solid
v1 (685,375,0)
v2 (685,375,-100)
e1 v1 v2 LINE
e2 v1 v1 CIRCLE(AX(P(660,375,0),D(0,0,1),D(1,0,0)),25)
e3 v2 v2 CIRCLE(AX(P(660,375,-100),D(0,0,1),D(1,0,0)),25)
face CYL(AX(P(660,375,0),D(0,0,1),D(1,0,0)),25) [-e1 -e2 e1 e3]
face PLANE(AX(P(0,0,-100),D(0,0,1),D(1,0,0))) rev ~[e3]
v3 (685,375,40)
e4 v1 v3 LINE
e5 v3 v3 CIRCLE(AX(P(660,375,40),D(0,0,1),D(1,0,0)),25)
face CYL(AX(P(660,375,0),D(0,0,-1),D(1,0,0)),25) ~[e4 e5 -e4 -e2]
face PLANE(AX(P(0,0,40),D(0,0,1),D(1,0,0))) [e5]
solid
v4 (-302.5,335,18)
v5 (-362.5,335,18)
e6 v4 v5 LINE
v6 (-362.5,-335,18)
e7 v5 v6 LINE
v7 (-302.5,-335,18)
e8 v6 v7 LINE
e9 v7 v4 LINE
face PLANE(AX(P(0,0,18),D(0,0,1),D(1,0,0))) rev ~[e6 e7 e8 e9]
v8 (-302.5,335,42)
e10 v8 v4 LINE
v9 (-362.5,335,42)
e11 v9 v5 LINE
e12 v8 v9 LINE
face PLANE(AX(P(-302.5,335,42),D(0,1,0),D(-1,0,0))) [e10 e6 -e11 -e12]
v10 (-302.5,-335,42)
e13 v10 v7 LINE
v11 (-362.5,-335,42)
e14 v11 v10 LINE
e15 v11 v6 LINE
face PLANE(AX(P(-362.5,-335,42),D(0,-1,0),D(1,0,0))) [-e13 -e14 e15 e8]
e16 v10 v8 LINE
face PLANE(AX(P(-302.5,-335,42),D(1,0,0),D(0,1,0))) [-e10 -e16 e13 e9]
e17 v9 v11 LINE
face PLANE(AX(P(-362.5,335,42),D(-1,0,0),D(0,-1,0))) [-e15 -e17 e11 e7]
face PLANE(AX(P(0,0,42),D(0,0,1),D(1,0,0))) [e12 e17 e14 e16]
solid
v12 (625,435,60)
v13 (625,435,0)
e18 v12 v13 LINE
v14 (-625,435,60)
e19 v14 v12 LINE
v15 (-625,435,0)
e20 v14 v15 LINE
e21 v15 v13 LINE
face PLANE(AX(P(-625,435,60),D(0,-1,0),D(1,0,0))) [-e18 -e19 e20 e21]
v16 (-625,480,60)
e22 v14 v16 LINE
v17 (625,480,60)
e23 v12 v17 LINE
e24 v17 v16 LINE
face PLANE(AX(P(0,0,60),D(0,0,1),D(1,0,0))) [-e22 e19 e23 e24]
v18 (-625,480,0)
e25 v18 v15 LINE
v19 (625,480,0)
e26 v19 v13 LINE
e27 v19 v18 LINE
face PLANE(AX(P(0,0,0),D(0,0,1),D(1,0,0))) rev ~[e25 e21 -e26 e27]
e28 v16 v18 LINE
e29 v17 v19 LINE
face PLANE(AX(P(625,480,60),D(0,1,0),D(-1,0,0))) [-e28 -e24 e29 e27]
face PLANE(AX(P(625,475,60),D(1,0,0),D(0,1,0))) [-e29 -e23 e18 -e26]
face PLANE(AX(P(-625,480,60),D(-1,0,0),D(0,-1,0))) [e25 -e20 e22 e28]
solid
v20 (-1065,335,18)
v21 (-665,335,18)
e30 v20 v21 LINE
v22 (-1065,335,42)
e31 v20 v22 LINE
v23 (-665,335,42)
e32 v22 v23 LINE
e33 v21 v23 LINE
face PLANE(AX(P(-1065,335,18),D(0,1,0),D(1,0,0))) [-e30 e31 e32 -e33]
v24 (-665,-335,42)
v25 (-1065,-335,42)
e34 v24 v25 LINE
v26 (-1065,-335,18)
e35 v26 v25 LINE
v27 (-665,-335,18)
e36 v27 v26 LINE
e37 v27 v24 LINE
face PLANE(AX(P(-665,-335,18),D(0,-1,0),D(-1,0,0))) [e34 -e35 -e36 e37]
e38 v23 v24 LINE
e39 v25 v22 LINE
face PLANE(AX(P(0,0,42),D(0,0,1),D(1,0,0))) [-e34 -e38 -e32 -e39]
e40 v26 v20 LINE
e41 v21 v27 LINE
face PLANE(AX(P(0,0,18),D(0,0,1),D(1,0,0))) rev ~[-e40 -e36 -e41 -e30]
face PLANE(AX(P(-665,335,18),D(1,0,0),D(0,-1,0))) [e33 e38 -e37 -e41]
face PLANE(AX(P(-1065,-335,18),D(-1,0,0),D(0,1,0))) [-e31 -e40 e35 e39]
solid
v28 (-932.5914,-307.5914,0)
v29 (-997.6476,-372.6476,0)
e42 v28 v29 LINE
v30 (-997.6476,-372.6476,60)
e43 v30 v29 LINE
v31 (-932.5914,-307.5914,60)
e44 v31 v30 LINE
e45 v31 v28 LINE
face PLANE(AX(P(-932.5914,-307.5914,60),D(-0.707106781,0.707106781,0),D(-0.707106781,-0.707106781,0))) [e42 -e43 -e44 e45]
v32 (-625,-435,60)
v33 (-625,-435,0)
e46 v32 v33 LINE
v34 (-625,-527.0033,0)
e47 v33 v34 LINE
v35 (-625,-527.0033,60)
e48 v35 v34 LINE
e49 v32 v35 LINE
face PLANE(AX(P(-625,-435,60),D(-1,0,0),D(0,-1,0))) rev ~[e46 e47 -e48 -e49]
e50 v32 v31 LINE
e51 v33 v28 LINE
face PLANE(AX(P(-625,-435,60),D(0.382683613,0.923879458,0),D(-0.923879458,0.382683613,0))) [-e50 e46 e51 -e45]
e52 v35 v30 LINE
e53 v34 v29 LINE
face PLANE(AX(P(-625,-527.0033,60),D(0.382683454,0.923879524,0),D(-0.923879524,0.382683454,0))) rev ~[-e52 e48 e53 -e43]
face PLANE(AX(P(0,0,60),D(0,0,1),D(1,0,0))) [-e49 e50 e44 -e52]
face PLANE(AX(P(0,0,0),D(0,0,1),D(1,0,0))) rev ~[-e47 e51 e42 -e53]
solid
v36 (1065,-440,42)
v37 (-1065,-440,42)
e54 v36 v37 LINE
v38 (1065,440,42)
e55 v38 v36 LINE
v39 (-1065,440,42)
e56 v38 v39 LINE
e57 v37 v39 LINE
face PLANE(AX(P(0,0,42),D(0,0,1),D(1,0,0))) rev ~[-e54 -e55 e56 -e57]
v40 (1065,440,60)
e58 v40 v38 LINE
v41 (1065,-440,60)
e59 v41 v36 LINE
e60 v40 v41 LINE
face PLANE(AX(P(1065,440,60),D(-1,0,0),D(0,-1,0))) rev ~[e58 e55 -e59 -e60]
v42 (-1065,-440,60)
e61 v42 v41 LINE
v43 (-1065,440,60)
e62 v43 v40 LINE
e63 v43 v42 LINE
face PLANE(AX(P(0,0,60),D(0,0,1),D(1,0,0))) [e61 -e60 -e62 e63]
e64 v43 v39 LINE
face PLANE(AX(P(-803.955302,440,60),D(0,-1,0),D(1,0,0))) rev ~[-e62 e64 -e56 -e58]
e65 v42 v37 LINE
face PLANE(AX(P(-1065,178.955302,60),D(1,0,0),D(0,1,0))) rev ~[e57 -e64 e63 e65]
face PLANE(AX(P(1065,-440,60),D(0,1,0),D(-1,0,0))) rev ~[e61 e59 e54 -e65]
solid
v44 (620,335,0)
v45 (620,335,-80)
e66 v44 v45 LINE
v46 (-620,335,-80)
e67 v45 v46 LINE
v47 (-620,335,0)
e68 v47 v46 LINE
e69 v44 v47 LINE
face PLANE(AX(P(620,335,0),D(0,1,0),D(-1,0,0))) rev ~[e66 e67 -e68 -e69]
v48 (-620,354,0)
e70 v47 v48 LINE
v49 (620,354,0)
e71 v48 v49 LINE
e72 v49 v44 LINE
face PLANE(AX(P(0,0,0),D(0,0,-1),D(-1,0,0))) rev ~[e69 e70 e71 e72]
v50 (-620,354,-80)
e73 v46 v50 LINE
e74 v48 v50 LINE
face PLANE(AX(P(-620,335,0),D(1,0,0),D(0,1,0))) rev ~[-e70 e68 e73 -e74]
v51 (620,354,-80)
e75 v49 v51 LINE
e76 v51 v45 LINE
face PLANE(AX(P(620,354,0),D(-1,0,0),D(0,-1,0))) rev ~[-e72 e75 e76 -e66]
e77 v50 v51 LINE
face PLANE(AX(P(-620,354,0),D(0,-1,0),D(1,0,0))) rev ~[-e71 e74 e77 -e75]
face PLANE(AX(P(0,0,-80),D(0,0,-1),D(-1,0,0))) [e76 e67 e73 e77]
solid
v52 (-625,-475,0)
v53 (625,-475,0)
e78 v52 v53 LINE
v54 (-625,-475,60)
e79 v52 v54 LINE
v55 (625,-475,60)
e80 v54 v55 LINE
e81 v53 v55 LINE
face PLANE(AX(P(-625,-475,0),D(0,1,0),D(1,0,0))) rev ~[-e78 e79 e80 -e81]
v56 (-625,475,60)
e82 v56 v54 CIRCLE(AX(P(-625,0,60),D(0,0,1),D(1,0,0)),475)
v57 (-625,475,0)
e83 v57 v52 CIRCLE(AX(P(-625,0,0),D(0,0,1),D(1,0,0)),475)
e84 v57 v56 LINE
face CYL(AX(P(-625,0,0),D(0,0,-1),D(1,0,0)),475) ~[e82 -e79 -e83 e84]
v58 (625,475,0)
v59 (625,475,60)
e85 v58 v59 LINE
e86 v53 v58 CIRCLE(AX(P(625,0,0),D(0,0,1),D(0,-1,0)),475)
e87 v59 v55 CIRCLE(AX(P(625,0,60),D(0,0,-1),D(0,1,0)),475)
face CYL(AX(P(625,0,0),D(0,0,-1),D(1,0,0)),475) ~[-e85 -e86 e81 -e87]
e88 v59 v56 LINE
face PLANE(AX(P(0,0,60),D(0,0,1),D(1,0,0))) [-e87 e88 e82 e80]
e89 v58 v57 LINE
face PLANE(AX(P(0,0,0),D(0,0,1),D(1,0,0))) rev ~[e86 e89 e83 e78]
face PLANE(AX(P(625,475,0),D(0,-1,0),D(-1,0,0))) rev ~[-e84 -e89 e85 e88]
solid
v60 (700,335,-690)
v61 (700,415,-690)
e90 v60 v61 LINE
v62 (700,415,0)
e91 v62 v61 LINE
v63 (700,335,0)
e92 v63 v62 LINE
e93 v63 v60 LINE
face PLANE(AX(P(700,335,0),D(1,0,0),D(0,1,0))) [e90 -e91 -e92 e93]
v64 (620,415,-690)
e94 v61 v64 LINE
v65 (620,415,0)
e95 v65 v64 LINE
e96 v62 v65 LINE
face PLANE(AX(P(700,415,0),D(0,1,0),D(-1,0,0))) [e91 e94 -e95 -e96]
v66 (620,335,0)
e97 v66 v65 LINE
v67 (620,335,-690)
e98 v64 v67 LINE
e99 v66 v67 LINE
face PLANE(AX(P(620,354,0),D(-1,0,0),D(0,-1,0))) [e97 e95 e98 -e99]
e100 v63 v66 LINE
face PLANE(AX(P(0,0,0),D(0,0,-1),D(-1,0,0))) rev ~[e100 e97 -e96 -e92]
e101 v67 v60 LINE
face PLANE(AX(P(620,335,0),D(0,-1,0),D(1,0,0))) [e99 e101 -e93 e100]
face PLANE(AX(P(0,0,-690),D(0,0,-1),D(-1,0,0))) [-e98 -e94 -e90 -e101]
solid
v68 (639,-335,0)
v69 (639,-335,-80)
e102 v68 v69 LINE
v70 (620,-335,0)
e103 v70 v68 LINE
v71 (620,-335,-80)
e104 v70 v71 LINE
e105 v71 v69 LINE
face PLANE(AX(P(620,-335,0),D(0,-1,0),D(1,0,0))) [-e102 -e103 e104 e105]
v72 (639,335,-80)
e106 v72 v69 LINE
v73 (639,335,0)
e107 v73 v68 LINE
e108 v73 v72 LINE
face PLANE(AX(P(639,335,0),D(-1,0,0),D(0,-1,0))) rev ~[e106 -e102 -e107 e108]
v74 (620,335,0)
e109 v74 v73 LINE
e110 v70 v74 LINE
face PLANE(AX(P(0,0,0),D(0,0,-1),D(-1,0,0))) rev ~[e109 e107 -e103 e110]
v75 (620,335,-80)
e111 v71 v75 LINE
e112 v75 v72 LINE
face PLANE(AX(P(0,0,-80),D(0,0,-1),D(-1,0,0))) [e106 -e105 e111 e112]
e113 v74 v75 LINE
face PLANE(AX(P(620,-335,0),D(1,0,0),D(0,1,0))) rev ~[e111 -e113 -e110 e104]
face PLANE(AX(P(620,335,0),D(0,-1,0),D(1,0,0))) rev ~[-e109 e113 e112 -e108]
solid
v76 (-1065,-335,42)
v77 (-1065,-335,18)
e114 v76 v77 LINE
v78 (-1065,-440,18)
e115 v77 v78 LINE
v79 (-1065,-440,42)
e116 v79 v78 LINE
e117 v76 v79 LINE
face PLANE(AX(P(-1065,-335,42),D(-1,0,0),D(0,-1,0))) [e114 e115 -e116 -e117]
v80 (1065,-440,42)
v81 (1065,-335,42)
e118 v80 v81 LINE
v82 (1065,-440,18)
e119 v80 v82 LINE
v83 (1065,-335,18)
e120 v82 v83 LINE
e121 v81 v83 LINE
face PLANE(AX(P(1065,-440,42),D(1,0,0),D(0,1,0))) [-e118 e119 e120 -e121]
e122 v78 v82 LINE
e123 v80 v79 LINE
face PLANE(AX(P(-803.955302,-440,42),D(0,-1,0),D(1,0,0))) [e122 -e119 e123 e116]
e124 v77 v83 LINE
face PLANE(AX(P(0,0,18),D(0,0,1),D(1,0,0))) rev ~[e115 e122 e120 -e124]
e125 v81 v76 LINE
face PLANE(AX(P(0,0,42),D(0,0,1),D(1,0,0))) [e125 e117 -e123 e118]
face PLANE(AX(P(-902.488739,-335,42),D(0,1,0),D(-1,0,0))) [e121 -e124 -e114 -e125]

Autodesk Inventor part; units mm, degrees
ref_plane "YZ Plane" through (0, 0, 0) normal (1, 0, 0) x (0, 1, 0)
ref_plane "XZ Plane" through (0, 0, 0) normal (0, 1, 0) x (-1, 0, 0)
ref_plane "XY Plane" through (0, 0, 0) normal (0, 0, 1) x (1, 0, 0)
sketch "Sketch33" plane through (0, 0, 0) normal (0, 0, 1) x (1, 0, 0)
  line L0 (625, 475) -> (-625, 475)
  line L1 (-625, 475) -> (-625, -475)
  line L2 (-625, -475) -> (625, -475)
  line L3 (625, -475) -> (625, 475)
  circle A0 centre (-625, 0) radius 475
  circle A1 centre (625, 0) radius 475
  line L4 (-1100, 475) -> (1100, 475) construction
  line L5 (1100, 475) -> (1100, -475) construction
  line L6 (1100, -475) -> (-1100, -475) construction
  line L7 (-1100, -475) -> (-1100, 475) construction
  point P0 (0, 0)
  point P1 (0, 475)
  dimension "d88" = 2200
  dimension "d89" = 950
extrude "Extrusion8" add sketch "Sketch33" along normal blind 60
ref_plane "Inner Layer Top" through (0, 0, 42) normal (0, 0, 1) x (1, 0, 0)
ref_plane "Inner Layer Bottom" through (0, 0, 18) normal (0, 0, -1) x (-1, 0, 0)
sketch "Side Inserts" plane through (0, 0, 60) normal (0, 0, 1) x (1, 0, 0)
  arc A0 (625, -475) -> (625, 475) centre (625, 0) ccw projected
  line L0 (-625, 475) -> (625, 475) projected
  arc A1 (-625, 475) -> (-625, -475) centre (-625, 0) ccw projected
  line L1 (625, -475) -> (-625, -475) projected
  arc A2 (-625, 435) -> (-625, -435) centre (-625, 0) ccw
  line L2 (-625, 435) -> (625, 435)
  arc A3 (625, -435) -> (625, 435) centre (625, 0) ccw
  line L3 (625, -435) -> (-625, -435)
  line L4 (-1065, 440) -> (1065, 440)
  line L5 (1065, 440) -> (1065, 335)
  line L6 (1065, 335) -> (-1065, 335)
  line L7 (-1065, 335) -> (-1065, 440)
  line L8 (-1060, 503.9834) -> (-1060, -438.8522) construction
  line L9 (-1612.8047, 0) -> (1612.8047, 0) projected
  line L10 (-625, -435) -> (625, -435)
  line L11 (-1065, -440) -> (1065, -440)
  line L12 (1065, -440) -> (1065, -335)
  line L13 (1065, -335) -> (-1065, -335)
  line L14 (-1065, -335) -> (-1065, -440)
  point P0 (0, 0)
  point P1 (0, 335)
  point P2 (0, -335)
  dimension "d94" = 40
  dimension "d95" = 5
  dimension "d96" = 100
  dimension "d97" = 5
extrude "Extrusion9" add sketch "Side Inserts" against normal up to surface (24 mm away) from surface at -18 separate body contours L11 A1 L13 A2 L3 A3 A0 | A0 L13 L12 L11 | L11 L14 L13 A1 | A3 L3 A2 L13
sketch "Top&Bottom Plate" plane through (0, 0, 60) normal (0, 0, 1) x (1, 0, 0)
  arc A0 (-625, 475) -> (-625, -475) centre (-625, 0) ccw projected
  line L0 (-1065, 440) -> (1065, 440)
  line L1 (1065, 440) -> (1065, -440)
  line L2 (1065, -440) -> (-1065, -440)
  line L3 (-1065, -440) -> (-1065, 440)
  point P0 (0, 0)
  point P1 (0, -440)
  point P2 (-1100, 0)
  point P3 (-1065, 0)
extrude "Extrusion10" add sketch "Top&Bottom Plate" against normal up to surface (18 mm away) separate body contours L0 L1 L2 A0 L3 | A0 L3 L0 | A0 L2 L3
sketch "Timber Frame" plane through (0, 0, 60) normal (0, 0, 1) x (1, 0, 0)
  arc A0 (625, -475) -> (625, 475) centre (625, 0) ccw construction
  line L0 (-625, 475) -> (625, 475) construction
  arc A1 (-625, 475) -> (-625, -475) centre (-625, 0) ccw construction
  line L1 (625, -475) -> (-625, -475) construction
  arc A2 (-625, 435) -> (-625, -435) centre (-625, 0) ccw construction
  line L2 (-625, 435) -> (625, 435)
  arc A3 (625, -435) -> (625, 435) centre (625, 0) ccw construction
  line L3 (625, -435) -> (-625, -435)
  line L4 (-625, -435) -> (-932.5914, -307.5914)
  line L5 (-932.5914, -307.5914) -> (-1060, 0)
  line L6 (-1060, 0) -> (-932.5914, 307.5914)
  line L7 (-932.5914, 307.5914) -> (-625, 435)
  line L8 (-625, -527.0033) -> (-997.6476, -372.6476)
  line L9 (-997.6476, -372.6476) -> (-1152.0033, 0)
  line L10 (-1152.0033, 0) -> (-997.6476, 372.6476)
  line L11 (-997.6476, 372.6476) -> (-625, 527.0033)
  line L12 (-625, 435) -> (-625, 527.0033)
  line L13 (-625, -435) -> (-625, -527.0033)
  line L14 (-932.5914, 307.5914) -> (-997.6476, 372.6476)
  line L15 (-1060, 0) -> (-1152.0033, 0)
  line L16 (-932.5914, -307.5914) -> (-997.6476, -372.6476)
  line L17 (0, -737.8047) -> (0, 737.8047) projected
  line L18 (625, -435) -> (932.5914, -307.5914)
  line L19 (932.5914, -307.5914) -> (1060, 0)
  line L20 (1060, 0) -> (932.5914, 307.5914)
  line L21 (932.5914, 307.5914) -> (625, 435)
  line L22 (625, -527.0033) -> (997.6476, -372.6476)
  line L23 (997.6476, -372.6476) -> (1152.0033, 0)
  line L24 (1152.0033, 0) -> (997.6476, 372.6476)
  line L25 (997.6476, 372.6476) -> (625, 527.0033)
  line L26 (625, 435) -> (625, 527.0033)
  line L27 (625, -435) -> (625, -527.0033)
  line L28 (932.5914, 307.5914) -> (997.6476, 372.6476)
  line L29 (1060, 0) -> (1152.0033, 0)
  line L30 (932.5914, -307.5914) -> (997.6476, -372.6476)
  line L31 (-625, 435) -> (625, 435) construction
  line L32 (-625, -435) -> (625, -435) construction
  point P0 (0, 0)
  dimension "d98" = 40
  dimension "d99" = 85
extrude "Extrusion11" add sketch "Timber Frame" against normal up to surface (60 mm away) separate body contours L13 L8 L16 L4
sketch "Inner Inserts" plane through (0, 0, 60) normal (0, 0, 1) x (1, 0, 0)
  line L0 (-1065, -440) -> (-1065, 440) projected
  line L1 (1065, 335) -> (-1065, 335) construction
  line L2 (1065, 440) -> (1065, -440) projected
  line L3 (1065, -335) -> (-1065, -335) construction
  line L4 (-1065, 335) -> (-665, 335)
  line L5 (-665, 335) -> (-665, -335)
  line L6 (-665, -335) -> (-1065, -335)
  line L7 (-1065, -335) -> (-1065, 335)
  line L8 (-302.5, 335) -> (-362.5, 335)
  line L9 (-362.5, 335) -> (-362.5, -335)
  line L10 (-362.5, -335) -> (-302.5, -335)
  line L11 (-302.5, -335) -> (-302.5, 335)
  line L12 (1065, 335) -> (665, 335) construction
  line L13 (665, 335) -> (665, -335) construction
  line L14 (665, -335) -> (1065, -335) construction
  line L15 (1065, -335) -> (1065, 335) construction
  line L16 (-332.5, 335) -> (-332.5, -335) construction
  line L17 (30, -335) -> (30, 335)
  line L18 (0, 335) -> (0, -335) construction
  line L19 (-30, -335) -> (30, -335)
  line L20 (30, 335) -> (-30, 335)
  line L21 (-30, 335) -> (-30, -335)
  line L22 (362.5, -335) -> (362.5, 335)
  line L23 (332.5, 335) -> (332.5, -335) construction
  line L24 (302.5, -335) -> (362.5, -335)
  line L25 (362.5, 335) -> (302.5, 335)
  line L26 (302.5, 335) -> (302.5, -335)
  point P0 (0, 0)
  dimension "InsertN" = 3
  dimension "d100" = 400
  dimension "d101" = 60
  dimension "IsertsSpace" = 1330
  dimension "BetweenInserts" = 332.5
  dimension "d124" = 332.5
extrude "Extrusion12" add sketch "Inner Inserts" along normal up to surface (24 mm away) from surface at -42 separate body contours L0 L4 L5 L6
extrude "Extrusion13" add sketch "Inner Inserts" against normal up to surface (24 mm away) from surface at -18 separate body contours L11 L10 L9 L8
ref_plane "Bottom Plane" through (0, 0, 0) normal (0, 0, -1) x (-1, 0, 0)
sketch "Insert Along Edge" plane through (0, 0, 60) normal (0, 0, 1) x (1, 0, 0)
  line L0 (-625, 475) -> (625, 475) projected
  line L1 (-625, 435) -> (-625, 527.0033) construction
  line L2 (625, 435) -> (625, 527.0033) construction
  line L3 (-625, 435) -> (625, 435)
  line L4 (625, 435) -> (625, 480)
  line L5 (625, 480) -> (-625, 480)
  line L6 (-625, 480) -> (-625, 435)
  point P0 (0, 0)
  dimension "d104" = 5
extrude "Extrusion14" add sketch "Insert Along Edge" against normal up to surface (60 mm away) separate body
sketch "Outside Contour of table" plane through (0, 0, 60) normal (0, 0, 1) x (1, 0, 0)
  arc A0 (625, -475) -> (625, 475) centre (625, 0) ccw projected
  line L0 (-625, 475) -> (625, 475) projected
  arc A1 (-625, 475) -> (-625, -475) centre (-625, 0) ccw projected
  line L1 (625, -475) -> (-625, -475) projected
  point P0 (0, 0)
sketch "Legs position" plane through (0, 0, 0) normal (0, 0, -1) x (-1, 0, 0)
  line L0 (-625, 475) -> (625, 475) projected
  line L1 (-620, 335) -> (620, 335)
  line L2 (620, 335) -> (620, -335)
  line L3 (620, -335) -> (-620, -335)
  line L4 (-620, -335) -> (-620, 335)
  line L5 (639, 354) -> (-639, 354)
  line L6 (-639, 354) -> (-639, -354)
  line L7 (-639, -354) -> (639, -354)
  line L8 (639, -354) -> (639, 354)
  line L9 (-620, 335) -> (-700, 335)
  line L10 (-700, 335) -> (-700, 415)
  line L11 (-700, 415) -> (-620, 415)
  line L12 (-620, 415) -> (-620, 335)
  line L13 (-620, -335) -> (-639, -335)
  line L14 (620, 335) -> (620, 354)
  line L15 (-620, 335) -> (-639, 335)
  line L16 (-620, 335) -> (-620, 354)
  point P0 (0, 0)
  point P1 (-620, 0)
  point P2 (0, 335)
  dimension "d105" = 19
  dimension "d106" = 80
  dimension "d107" = 60
  dimension "d108" = 700
ref_plane "Bottom of leg" through (0, 0, -690) normal (0, 0, -1) x (-1, 0, 0)
extrude "Extrusion15" add sketch "Legs position" along normal up to surface (690 mm away) separate body contours L9 L6 L5 L12 | L9 L10 L11 L12 L5 L6
sketch "Sketch41" plane through (0, 0, 0) normal (0, 0, 1) x (1, 0, 0)
  circle A0 centre (660, 375) radius 25
  line L0 (620, 415) -> (620, 335) projected
  line L1 (700, 415) -> (620, 415) projected
  point P0 (0, 0)
  point P1 (620, 375)
  point P2 (660, 415)
  dimension "d133" = 50
extrude "Extrusion16" add sketch "Sketch41" along normal blind 40 and the other way blind 100 separate body
extrude "Extrusion17" add sketch "Legs position" along normal blind 80 separate body contours L4 L13 L6 L9
extrude "Extrusion18" add sketch "Legs position" along normal up to surface (80 mm away) separate body contours L12 L5 L14 L1
equation "\"InsertN\" = 3"
equation "\"d124\" = BetweenInserts"
properties part number "Coposite Top Table Skeleton"
